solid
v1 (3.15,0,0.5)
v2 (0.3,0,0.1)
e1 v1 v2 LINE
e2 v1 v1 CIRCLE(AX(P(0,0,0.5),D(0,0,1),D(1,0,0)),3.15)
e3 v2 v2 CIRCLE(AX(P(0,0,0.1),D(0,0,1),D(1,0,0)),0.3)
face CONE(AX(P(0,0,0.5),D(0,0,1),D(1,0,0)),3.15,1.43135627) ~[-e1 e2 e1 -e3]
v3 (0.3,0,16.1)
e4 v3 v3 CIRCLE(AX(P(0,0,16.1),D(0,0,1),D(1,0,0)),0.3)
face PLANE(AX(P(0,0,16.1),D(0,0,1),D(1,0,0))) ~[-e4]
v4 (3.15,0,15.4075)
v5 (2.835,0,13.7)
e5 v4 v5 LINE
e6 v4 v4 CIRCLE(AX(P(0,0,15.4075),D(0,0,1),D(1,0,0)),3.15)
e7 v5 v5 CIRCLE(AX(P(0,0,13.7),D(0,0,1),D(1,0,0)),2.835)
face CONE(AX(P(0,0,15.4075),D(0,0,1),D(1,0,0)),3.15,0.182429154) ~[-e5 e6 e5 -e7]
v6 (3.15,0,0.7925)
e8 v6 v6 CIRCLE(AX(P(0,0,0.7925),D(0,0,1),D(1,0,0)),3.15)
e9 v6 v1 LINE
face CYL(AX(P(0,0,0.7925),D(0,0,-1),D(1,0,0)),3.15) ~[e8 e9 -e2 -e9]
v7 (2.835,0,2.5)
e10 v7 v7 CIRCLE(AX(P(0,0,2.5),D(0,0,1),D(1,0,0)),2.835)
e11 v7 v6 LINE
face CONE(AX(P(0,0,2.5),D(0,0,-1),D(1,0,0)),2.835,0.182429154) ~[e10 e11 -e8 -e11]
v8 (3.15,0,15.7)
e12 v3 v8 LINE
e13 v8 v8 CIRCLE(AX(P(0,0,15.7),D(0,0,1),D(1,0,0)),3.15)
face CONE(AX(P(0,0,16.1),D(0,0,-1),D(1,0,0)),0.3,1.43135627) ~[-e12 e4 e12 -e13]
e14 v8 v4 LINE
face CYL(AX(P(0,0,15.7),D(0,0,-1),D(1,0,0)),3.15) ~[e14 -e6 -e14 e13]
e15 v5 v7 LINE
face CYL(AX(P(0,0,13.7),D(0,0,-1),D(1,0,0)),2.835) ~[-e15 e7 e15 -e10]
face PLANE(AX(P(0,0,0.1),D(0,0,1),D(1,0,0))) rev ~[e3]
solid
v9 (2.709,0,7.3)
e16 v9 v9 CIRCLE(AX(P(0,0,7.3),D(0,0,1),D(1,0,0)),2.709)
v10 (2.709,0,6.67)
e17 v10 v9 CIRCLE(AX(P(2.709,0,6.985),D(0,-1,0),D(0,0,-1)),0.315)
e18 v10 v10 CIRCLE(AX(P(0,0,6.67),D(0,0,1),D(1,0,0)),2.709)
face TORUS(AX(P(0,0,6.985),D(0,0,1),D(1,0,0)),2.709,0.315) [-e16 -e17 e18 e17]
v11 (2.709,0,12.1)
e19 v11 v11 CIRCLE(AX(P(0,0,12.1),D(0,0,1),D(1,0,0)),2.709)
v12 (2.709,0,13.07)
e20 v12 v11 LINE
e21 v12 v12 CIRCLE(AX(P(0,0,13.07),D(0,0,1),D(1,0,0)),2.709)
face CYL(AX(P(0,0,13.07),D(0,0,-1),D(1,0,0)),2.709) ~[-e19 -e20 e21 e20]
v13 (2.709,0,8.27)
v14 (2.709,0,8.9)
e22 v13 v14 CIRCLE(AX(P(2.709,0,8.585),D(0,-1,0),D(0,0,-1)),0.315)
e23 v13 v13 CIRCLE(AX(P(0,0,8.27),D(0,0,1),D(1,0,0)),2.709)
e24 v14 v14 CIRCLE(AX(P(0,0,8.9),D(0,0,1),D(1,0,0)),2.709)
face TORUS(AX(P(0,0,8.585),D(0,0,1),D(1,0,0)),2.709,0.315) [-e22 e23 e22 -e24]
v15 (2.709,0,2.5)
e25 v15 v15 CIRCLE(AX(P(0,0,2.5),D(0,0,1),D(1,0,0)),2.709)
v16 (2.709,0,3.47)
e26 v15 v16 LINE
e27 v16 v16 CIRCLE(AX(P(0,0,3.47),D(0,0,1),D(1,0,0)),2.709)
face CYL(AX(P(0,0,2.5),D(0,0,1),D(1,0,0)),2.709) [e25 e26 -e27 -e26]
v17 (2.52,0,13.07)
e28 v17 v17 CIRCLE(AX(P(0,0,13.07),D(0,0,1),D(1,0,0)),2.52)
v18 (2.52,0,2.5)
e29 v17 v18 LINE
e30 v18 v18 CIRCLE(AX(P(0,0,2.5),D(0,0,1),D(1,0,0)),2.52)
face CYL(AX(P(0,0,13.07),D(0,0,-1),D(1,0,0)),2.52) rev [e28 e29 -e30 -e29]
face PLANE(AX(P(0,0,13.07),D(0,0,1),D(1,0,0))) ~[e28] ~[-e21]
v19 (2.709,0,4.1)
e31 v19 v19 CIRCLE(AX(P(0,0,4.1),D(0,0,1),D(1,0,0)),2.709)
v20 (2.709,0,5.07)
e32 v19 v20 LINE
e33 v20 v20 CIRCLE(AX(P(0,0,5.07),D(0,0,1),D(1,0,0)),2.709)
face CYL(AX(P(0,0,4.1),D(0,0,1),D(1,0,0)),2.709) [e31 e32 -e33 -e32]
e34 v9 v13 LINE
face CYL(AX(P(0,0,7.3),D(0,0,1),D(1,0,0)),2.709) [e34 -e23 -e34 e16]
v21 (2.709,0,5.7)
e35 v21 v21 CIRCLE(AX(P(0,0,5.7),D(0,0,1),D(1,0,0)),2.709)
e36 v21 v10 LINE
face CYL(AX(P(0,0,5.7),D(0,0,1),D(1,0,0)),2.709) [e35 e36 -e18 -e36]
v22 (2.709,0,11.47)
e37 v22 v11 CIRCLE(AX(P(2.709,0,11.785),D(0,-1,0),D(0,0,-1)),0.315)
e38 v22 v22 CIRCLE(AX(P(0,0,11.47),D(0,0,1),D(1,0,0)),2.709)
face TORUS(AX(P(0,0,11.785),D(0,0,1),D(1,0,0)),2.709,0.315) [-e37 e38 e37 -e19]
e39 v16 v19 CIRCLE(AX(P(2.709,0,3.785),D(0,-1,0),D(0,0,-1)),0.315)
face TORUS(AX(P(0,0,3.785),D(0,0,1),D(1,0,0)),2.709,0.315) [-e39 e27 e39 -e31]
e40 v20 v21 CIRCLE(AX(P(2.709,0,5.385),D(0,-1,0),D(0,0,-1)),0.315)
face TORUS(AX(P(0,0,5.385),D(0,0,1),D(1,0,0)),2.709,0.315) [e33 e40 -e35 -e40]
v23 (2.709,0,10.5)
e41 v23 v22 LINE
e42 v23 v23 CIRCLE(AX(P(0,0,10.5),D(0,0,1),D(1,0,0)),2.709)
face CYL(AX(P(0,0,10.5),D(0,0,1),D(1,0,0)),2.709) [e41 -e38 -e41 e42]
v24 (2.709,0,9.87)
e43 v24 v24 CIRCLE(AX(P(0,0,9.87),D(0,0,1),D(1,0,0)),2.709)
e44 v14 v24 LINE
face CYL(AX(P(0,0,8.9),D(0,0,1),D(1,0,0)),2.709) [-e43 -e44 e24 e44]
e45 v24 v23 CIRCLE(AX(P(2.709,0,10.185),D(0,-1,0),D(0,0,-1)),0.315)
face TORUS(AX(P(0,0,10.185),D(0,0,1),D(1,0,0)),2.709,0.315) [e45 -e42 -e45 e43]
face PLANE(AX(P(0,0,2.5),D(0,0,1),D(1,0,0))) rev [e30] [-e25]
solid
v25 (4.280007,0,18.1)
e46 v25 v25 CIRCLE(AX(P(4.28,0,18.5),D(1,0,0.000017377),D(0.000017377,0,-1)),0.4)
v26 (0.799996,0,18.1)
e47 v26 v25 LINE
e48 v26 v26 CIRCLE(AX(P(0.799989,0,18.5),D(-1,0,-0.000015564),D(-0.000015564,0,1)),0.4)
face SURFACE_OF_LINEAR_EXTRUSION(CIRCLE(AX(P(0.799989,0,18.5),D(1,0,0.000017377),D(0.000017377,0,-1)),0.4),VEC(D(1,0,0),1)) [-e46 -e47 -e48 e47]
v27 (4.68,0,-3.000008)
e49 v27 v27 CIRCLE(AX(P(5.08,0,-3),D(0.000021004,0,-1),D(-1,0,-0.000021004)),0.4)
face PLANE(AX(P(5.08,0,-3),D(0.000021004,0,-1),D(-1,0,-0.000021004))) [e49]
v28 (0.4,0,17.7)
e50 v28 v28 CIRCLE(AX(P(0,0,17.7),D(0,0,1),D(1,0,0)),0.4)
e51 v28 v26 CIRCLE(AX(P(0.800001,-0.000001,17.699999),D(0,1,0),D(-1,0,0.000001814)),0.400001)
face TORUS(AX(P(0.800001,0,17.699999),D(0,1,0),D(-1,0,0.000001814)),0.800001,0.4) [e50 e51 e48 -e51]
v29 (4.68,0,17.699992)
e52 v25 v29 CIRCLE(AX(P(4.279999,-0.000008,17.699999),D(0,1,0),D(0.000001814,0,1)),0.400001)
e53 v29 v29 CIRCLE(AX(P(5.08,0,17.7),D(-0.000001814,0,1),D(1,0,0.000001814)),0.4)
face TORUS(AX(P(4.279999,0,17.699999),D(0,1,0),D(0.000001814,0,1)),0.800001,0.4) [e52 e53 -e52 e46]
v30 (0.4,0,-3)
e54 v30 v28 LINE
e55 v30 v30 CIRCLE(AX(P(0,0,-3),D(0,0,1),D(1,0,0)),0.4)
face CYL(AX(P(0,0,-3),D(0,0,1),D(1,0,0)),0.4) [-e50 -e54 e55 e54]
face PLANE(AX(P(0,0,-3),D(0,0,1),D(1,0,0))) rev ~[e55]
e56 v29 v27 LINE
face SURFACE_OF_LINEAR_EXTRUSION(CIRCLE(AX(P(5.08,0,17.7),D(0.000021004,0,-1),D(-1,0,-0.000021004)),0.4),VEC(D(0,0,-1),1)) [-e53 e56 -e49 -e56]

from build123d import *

# Parameters (mm, degrees)
SKETCH_R = 0.4


with BuildPart() as sweep_body:
    # Sweep: sweep along a path in Sketch001
    with BuildLine(Plane.XZ) as sweep_path:
        Line((0, -3), (0, 17.7))
        ThreePointArc((0, 17.7), (0.234311, 18.265681), (0.799989, 18.5))
        Line((0.799989, 18.5), (4.28, 18.5))
        ThreePointArc((4.28, 18.5), (4.845685, 18.265685), (5.08, 17.7))
        Line((5.08, 17.7), (5.08, -3))
    # Sketch → Sweep (sweep)
    with BuildSketch(Plane.XY.offset(-2)):
        Circle(SKETCH_R)
    sweep(path=sweep_path.line)


with BuildPart() as revolution:
    # Sketch002 → Revolution (revolve)
    with BuildSketch(Plane.XZ):
        Polygon((0, 0.1), (0, 16.1), (0.3, 16.1), (3.15, 15.7), (3.15, 15.4075), (2.835, 13.7), (2.835, 2.5), (3.15, 0.7925), (3.15, 0.5), (0.3, 0.1), align=None)
    revolve(axis=Axis((0, 0, 0), (0, 0, 1)))


with BuildPart() as revolution001:
    # Sketch003 → Revolution001 (revolve)
    with BuildSketch(Plane.XZ):
        with BuildLine():
            Line((2.52, 13.07), (2.52, 2.5))
            Line((2.52, 2.5), (2.709, 2.5))
            Line((2.709, 2.5), (2.709, 3.47))
            ThreePointArc((2.709, 3.47), (3.024, 3.785), (2.709, 4.1))
            Line((2.709, 4.1), (2.709, 5.07))
            ThreePointArc((2.709, 5.07), (3.024, 5.385), (2.709, 5.7))
            Line((2.709, 5.7), (2.709, 6.67))
            ThreePointArc((2.709, 6.67), (3.024, 6.985), (2.709, 7.3))
            Line((2.709, 7.3), (2.709, 8.27))
            ThreePointArc((2.709, 8.27), (3.024, 8.585), (2.709, 8.9))
            Line((2.709, 8.9), (2.709, 9.87))
            ThreePointArc((2.709, 9.87), (3.024, 10.185), (2.709, 10.5))
            Line((2.709, 10.5), (2.709, 11.47))
            ThreePointArc((2.709, 11.47), (3.024, 11.785), (2.709, 12.1))
            Line((2.709, 13.07), (2.709, 12.1))
            Line((2.52, 13.07), (2.709, 13.07))
        make_face()
    revolve(axis=Axis((0, 0, 0), (0, 0, 1)))


solid = Compound([sweep_body.part, revolution.part, revolution001.part])
